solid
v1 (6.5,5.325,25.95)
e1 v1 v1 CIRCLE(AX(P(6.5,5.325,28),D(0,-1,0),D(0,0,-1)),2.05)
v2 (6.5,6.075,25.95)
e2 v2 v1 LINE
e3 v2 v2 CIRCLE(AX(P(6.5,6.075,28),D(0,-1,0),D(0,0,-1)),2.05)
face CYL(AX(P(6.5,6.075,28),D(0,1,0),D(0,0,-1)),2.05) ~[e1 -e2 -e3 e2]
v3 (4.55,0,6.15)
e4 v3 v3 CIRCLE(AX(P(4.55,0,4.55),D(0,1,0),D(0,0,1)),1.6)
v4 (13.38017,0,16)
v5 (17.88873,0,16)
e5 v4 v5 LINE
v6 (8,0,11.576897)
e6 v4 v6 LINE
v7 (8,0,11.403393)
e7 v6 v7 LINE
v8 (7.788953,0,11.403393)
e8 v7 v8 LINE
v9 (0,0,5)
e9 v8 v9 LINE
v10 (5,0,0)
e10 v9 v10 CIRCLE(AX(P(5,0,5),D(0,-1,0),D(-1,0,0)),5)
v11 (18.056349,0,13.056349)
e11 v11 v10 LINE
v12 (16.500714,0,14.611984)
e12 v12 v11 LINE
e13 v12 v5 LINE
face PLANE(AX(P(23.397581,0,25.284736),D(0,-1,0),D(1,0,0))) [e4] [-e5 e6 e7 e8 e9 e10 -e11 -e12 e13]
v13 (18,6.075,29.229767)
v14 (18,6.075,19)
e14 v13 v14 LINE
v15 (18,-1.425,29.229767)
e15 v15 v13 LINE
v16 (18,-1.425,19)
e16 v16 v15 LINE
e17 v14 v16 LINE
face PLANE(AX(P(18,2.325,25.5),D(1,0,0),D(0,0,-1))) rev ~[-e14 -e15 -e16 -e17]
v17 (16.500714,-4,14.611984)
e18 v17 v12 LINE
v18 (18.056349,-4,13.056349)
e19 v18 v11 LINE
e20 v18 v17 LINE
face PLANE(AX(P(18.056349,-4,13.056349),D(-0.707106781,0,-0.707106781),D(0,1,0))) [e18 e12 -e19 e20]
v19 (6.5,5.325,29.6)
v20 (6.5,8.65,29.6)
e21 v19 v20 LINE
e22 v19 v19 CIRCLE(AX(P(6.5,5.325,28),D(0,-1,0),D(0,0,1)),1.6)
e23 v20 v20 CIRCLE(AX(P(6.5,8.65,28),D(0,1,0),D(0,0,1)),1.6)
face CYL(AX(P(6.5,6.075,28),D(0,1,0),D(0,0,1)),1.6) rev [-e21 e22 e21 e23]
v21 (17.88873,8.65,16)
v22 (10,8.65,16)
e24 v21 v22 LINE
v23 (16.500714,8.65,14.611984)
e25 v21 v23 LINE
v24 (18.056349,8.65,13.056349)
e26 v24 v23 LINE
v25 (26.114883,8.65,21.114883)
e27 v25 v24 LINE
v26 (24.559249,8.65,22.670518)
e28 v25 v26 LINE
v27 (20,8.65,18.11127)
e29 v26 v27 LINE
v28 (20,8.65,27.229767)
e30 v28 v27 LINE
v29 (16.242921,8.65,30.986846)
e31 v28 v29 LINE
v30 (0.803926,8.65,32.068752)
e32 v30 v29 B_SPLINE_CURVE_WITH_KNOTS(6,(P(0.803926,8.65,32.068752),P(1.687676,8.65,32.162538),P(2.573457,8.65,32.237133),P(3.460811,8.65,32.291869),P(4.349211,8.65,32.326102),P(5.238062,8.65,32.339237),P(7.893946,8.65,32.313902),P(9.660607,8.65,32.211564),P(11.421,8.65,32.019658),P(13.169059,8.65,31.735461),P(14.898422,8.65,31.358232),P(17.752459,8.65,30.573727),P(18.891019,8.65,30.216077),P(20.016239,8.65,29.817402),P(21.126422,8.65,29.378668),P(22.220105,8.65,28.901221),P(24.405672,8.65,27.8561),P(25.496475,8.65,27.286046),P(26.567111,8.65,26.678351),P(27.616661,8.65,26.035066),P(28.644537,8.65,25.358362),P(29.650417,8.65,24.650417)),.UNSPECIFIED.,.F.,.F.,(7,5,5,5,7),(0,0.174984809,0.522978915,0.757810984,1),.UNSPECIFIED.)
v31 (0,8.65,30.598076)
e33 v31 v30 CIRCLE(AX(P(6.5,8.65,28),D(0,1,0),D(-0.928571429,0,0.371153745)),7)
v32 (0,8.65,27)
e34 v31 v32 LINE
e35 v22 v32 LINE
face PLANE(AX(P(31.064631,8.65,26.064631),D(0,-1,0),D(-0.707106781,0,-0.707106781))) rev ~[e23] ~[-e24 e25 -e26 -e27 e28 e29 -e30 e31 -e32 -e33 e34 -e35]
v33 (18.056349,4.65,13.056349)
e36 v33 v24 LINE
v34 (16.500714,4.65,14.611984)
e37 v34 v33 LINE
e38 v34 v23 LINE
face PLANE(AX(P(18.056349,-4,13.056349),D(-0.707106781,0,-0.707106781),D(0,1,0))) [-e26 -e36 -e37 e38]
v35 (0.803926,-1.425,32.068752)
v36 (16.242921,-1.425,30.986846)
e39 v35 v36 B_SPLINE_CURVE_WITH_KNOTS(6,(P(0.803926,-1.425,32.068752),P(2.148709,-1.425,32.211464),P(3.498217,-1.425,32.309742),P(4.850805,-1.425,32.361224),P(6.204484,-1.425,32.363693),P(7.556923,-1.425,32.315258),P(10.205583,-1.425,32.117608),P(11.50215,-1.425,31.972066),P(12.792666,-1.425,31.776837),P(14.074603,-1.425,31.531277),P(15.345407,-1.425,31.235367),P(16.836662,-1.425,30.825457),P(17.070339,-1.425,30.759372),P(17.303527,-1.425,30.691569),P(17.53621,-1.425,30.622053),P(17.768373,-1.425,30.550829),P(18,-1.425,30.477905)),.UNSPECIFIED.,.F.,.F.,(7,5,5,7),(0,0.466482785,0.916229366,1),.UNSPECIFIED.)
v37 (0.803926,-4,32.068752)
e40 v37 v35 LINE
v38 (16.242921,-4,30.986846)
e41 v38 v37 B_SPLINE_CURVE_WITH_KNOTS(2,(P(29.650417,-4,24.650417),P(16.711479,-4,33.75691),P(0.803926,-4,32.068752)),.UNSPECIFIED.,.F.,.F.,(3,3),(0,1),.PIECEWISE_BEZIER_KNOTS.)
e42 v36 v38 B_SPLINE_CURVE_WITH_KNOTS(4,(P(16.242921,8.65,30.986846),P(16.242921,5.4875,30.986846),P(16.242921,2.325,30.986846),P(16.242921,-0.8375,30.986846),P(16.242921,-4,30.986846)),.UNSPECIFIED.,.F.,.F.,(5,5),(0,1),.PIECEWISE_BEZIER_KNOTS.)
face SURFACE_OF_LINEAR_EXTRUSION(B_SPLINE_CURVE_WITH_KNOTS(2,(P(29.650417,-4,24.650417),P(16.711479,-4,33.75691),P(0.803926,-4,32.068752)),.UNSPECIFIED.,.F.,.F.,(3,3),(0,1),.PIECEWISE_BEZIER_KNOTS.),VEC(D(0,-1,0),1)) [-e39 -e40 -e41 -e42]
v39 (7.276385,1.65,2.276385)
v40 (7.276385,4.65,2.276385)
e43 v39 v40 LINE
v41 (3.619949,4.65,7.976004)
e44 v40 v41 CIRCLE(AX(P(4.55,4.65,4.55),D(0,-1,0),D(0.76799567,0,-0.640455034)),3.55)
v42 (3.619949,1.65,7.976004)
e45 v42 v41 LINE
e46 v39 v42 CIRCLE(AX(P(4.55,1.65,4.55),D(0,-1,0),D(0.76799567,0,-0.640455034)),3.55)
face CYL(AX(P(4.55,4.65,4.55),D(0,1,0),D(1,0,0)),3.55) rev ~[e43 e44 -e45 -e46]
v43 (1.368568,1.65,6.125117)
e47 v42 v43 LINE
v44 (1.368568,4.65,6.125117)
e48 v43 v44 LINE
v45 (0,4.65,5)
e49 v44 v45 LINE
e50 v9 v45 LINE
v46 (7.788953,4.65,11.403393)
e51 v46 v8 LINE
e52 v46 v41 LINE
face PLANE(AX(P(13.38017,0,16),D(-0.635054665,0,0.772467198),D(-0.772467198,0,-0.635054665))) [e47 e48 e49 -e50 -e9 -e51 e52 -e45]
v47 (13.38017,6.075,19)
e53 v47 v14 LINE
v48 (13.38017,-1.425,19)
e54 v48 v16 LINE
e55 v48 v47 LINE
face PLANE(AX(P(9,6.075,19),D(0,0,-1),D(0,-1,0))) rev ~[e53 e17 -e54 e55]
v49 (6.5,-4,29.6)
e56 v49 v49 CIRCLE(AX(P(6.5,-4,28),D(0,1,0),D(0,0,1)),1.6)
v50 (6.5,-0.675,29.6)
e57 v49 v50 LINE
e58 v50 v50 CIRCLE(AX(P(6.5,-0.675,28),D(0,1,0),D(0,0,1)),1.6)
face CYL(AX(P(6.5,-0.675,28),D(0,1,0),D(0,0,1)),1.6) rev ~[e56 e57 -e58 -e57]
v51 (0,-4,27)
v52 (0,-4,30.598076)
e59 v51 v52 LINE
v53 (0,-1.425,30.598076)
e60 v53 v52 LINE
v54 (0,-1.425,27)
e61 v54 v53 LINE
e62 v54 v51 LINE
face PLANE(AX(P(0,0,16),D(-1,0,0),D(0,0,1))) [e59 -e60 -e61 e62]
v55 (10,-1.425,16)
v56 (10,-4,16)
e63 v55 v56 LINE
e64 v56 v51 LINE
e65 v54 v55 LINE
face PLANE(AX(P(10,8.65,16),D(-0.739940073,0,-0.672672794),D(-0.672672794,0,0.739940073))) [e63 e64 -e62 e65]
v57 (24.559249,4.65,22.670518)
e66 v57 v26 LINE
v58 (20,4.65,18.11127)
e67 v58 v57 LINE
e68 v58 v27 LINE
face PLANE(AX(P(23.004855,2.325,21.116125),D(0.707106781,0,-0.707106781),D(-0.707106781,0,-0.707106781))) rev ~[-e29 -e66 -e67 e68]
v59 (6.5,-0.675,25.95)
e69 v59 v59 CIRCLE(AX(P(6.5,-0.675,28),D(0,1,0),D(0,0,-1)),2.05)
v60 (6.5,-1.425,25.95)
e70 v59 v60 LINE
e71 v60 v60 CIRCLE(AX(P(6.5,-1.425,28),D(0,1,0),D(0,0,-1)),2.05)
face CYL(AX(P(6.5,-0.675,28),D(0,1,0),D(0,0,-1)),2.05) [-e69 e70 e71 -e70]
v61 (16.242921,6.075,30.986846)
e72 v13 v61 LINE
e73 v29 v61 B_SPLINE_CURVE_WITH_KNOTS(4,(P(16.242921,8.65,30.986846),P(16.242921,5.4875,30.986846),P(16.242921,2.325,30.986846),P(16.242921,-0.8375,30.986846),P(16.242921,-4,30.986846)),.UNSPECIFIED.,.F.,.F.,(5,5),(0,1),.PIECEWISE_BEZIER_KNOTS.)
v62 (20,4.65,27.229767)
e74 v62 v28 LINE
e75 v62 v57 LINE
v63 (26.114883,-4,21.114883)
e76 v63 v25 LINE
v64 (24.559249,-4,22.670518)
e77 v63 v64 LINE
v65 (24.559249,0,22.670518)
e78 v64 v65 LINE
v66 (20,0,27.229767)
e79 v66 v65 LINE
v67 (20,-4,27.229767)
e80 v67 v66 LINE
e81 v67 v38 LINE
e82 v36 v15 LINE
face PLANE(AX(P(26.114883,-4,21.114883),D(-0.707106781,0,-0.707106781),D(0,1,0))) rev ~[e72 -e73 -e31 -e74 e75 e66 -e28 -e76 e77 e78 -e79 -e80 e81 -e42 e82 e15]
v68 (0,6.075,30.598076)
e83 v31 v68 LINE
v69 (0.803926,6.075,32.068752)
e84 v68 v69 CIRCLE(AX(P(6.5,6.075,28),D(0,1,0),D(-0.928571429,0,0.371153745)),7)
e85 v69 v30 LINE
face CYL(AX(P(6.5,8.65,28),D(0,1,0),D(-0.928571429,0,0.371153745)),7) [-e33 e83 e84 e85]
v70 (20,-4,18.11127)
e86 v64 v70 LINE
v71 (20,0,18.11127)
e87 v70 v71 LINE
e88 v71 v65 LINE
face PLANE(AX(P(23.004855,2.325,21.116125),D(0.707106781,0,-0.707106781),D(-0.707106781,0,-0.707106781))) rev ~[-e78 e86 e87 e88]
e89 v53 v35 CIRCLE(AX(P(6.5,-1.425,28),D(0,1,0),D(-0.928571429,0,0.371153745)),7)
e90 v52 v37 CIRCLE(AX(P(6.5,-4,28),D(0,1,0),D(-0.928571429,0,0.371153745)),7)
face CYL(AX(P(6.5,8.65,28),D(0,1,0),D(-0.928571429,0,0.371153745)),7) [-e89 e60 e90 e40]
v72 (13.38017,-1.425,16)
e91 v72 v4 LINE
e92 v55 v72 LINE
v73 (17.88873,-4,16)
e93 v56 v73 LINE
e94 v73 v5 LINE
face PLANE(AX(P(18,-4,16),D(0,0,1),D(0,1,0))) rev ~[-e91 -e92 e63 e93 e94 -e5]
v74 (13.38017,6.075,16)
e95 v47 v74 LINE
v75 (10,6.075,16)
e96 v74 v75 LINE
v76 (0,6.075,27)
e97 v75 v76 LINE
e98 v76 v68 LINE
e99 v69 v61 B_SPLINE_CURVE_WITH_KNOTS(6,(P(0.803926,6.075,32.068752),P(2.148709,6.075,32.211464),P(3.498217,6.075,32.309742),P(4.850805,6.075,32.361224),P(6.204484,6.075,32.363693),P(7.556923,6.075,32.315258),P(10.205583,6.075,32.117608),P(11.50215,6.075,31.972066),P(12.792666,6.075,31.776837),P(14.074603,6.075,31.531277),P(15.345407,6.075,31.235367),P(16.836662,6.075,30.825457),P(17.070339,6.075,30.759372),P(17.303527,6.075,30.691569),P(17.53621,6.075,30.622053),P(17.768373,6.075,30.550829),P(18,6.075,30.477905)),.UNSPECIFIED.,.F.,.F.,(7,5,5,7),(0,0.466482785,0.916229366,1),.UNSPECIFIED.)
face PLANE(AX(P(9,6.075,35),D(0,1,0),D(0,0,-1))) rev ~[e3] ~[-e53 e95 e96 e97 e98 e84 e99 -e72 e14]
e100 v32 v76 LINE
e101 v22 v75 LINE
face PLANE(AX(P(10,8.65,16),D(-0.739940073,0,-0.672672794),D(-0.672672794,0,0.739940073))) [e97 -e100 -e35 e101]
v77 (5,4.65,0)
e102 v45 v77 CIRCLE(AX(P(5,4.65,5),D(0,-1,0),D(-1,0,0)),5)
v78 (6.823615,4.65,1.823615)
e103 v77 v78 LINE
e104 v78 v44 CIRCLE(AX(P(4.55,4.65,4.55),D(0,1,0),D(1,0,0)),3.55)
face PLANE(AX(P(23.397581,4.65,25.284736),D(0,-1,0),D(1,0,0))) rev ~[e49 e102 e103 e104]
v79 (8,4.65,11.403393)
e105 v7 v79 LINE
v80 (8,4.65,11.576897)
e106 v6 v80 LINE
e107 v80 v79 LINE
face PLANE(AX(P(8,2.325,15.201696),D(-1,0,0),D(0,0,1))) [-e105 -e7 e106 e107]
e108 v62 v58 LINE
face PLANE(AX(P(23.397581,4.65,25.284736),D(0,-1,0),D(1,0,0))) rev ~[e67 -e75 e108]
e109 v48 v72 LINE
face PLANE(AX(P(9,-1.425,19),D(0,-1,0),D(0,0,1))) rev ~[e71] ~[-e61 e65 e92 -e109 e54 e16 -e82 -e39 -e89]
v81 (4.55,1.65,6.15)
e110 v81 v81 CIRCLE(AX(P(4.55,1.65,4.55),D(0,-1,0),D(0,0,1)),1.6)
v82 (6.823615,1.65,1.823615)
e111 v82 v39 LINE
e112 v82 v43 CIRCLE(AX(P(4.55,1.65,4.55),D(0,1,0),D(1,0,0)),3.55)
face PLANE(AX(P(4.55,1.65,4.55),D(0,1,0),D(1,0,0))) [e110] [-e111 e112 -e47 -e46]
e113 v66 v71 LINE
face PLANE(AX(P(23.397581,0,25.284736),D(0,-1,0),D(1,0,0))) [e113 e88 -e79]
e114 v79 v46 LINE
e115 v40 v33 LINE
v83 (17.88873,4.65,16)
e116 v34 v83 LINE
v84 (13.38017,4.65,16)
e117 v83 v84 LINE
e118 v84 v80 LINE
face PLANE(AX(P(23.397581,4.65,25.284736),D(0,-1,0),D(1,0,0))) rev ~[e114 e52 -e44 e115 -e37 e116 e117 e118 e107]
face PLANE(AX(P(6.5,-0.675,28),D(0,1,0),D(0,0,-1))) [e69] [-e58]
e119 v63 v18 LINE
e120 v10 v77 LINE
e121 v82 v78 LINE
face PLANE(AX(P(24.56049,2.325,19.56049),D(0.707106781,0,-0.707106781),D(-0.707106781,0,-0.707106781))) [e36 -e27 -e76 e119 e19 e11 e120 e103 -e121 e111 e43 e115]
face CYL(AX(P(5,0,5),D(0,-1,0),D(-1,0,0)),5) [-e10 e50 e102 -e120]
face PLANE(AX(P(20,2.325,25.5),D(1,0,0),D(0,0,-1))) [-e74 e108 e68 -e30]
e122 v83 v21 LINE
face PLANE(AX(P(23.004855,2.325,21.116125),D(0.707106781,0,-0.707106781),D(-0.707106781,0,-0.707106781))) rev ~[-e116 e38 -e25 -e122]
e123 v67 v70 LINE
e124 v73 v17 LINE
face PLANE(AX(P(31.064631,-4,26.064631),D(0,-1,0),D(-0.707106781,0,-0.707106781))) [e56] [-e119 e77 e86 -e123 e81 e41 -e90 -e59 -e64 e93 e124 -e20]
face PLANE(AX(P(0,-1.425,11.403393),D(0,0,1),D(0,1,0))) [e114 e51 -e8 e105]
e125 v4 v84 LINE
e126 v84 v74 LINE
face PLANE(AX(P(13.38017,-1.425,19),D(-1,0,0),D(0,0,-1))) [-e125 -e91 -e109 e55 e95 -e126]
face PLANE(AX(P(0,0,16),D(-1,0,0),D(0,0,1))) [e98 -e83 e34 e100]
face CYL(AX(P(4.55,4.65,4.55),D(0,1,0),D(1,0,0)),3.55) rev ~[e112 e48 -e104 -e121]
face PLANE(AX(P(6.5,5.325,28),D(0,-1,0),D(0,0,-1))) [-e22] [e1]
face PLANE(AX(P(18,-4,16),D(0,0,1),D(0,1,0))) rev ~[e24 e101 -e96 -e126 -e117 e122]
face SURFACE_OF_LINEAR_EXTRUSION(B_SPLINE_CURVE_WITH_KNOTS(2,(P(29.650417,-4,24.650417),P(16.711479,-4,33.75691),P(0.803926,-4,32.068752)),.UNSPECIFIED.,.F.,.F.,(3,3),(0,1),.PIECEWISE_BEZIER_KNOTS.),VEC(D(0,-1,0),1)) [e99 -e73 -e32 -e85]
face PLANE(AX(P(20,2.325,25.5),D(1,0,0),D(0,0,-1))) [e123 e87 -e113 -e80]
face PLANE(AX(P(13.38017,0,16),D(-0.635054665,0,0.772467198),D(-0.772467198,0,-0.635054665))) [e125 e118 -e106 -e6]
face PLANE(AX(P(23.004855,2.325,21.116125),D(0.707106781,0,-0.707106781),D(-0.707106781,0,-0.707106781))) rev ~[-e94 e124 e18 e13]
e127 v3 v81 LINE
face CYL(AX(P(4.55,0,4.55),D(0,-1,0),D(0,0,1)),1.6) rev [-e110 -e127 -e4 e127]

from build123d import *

# Parameters (mm, degrees)
SKETCH_1_R           = 1.6
EXTRUDE_1_DEPTH      = 4.65
SKETCH_7_W           = 9
SKETCH_7_H           = 19
EXTRUDE_4_DEPTH      = 4
SKETCH_8_W           = 9
SKETCH_8_H           = 19
EXTRUDE_5_DEPTH      = 4
SKETCH_9_W           = 16
SKETCH_9_H           = 7.5
CUT_EXTRUDE_3_DEPTH  = 9
SKETCH_11_R          = 1.6
CUT_EXTRUDE_5_DEPTH  = 26.4
EXTRUDE_6_DEPTH      = 9
SKETCH_13_W          = 19
SKETCH_13_H          = 12.65
EXTRUDE_7_DEPTH      = 2
SKETCH_15_W          = 7.596607022
SKETCH_15_H          = 7.5
CUT_EXTRUDE_6_DEPTH  = 8
CUT_EXTRUDE_7_DEPTH  = 8
EXTRUDE_8_DEPTH      = 4.65
CUT_EXTRUDE_9_DEPTH  = 4.65
SKETCH_20_W          = 5.380169682
SKETCH_20_H          = 3
CUT_EXTRUDE_10_DEPTH = 7.5
CUT_EXTRUDE_11_DEPTH = 4.65
CUT_EXTRUDE_13_DEPTH = 13
CUT_EXTRUDE_15_DEPTH = 13
SKETCH_26_W          = 18.396488504
SKETCH_26_H          = 12.65
EXTRUDE_9_DEPTH      = 2.2
SKETCH_28_W          = 2.5
SKETCH_28_H          = 12.65
CUT_EXTRUDE_17_DEPTH = 18
CUT_EXTRUDE_18_DEPTH = 14
SKETCH_31_W          = 5
SKETCH_31_H          = 12.65
CUT_EXTRUDE_19_DEPTH = 20
SKETCH_32_R          = 3.55
CUT_EXTRUDE_20_DEPTH = 3
EXTRUDE_START        = 0.75
SKETCH_33_R          = 2.05
SKETCH_33_R_2        = 1.6
EXTRUDE_10_DEPTH     = 0.75
SKETCH_34_R          = 2.05
SKETCH_34_R_2        = 1.6
EXTRUDE_11_DEPTH     = 0.75


with BuildPart() as part:
    # 草图1 → 凸台-拉伸1 (new body)
    with BuildSketch(Plane(origin=(0, 0, 0), x_dir=(1, 0, 0), z_dir=(0, 1, 0))):
        with BuildLine():
            Line((5, 0), (20, 0))
            Line((20, 0), (20, -16))
            Line((20, -16), (9, -16))
            Line((9, -16), (9, -35))
            Line((9, -35), (0, -35))
            Line((0, -35), (0, -27))
            Line((0, -27), (0, -5))
            ThreePointArc((0, -5), (1.464466094, -1.464466094), (5, 0))
        make_face()
        with Locations(Location((4.55, -4.55, 0), (0, 0, 270))):
            Circle(SKETCH_1_R, mode=Mode.SUBTRACT)
    extrude(amount=EXTRUDE_1_DEPTH)

    # 草图7 → 凸台-拉伸4 (add)
    with BuildSketch(Plane(origin=(0, 4.65, 0), x_dir=(1, 0, 0), z_dir=(0, 1, 0))):
        with Locations((4.5, -25.5)):
            Rectangle(SKETCH_7_W, SKETCH_7_H)
    extrude(amount=EXTRUDE_4_DEPTH)

    # 草图8 → 凸台-拉伸5 (add)
    with BuildSketch(Plane.XZ):
        with Locations((4.5, 25.5)):
            Rectangle(SKETCH_8_W, SKETCH_8_H)
    extrude(amount=EXTRUDE_5_DEPTH)

    # 草图9 → 切除-拉伸3 (cut)
    with BuildSketch(Plane.ZY):
        with Locations((27, 2.325)):
            Rectangle(SKETCH_9_W, SKETCH_9_H)
    extrude(amount=-CUT_EXTRUDE_3_DEPTH, mode=Mode.SUBTRACT)

    # 草图11 → 切除-拉伸5 (cut)
    with BuildSketch(Plane(origin=(0, 8.65, 0), x_dir=(1, 0, 0), z_dir=(0, 1, 0))):
        with Locations(Location((6.5, -28, 0), (0, 0, 270))):
            Circle(SKETCH_11_R)
    extrude(amount=-CUT_EXTRUDE_5_DEPTH, mode=Mode.SUBTRACT)

    # 草图12 → 凸台-拉伸6 (add)
    with BuildSketch(Plane(origin=(9, 0, 0), x_dir=(0, 0, -1), z_dir=(1, 0, 0))):
        Polygon((-35, 8.65), (-35, 6.075), (-19, 6.075), (-19, -1.425), (-35, -1.425), (-35, -4), (-16, -4), (-16, 8.65), align=None)
    extrude(amount=EXTRUDE_6_DEPTH)

    # 草图13 → 凸台-拉伸7 (add)
    with BuildSketch(Plane(origin=(18, 0, 0), x_dir=(0, 0, -1), z_dir=(1, 0, 0))):
        with Locations((-25.5, 2.325)):
            Rectangle(SKETCH_13_W, SKETCH_13_H)
    extrude(amount=EXTRUDE_7_DEPTH)

    # 草图15 → 切除-拉伸6 (cut)
    with BuildSketch(Plane.ZY):
        with Locations((15.201696489, 2.325)):
            Rectangle(SKETCH_15_W, SKETCH_15_H)
    extrude(amount=-CUT_EXTRUDE_6_DEPTH, mode=Mode.SUBTRACT)

    # 草图16 → 切除-拉伸7 (cut)
    with BuildSketch(Plane(origin=(0, 4.65, 0), x_dir=(1, 0, 0), z_dir=(0, 1, 0))):
        Polygon((0, -5), (5.890898071, -11.403392978), (0, -11.403392978), align=None)
    extrude(amount=-CUT_EXTRUDE_7_DEPTH, mode=Mode.SUBTRACT)

    # 草图17 → 凸台-拉伸8 (add)
    with BuildSketch(Plane.XZ):
        with BuildLine():
            Line((20, 35), (20, 15))
            Line((20, 15), (31.064630957, 26.064630957))
            ThreePointArc((31.064630957, 26.064630957), (26.002686727, 31.114774273), (20, 35))
        make_face()
    extrude(amount=-EXTRUDE_8_DEPTH)

    # 草图19 → 切除-拉伸9 (cut)
    with BuildSketch(Plane(origin=(0, 4.65, 0), x_dir=(1, 0, 0), z_dir=(0, 1, 0))):
        Polygon((20, -15), (5, 0), (20, 0), align=None)
    extrude(amount=-CUT_EXTRUDE_9_DEPTH, mode=Mode.SUBTRACT)

    # 草图20 → 切除-拉伸10 (cut)
    with BuildSketch(Plane(origin=(0, -1.425, 0), x_dir=(1, 0, 0), z_dir=(0, 1, 0))):
        with Locations((10.690084841, -17.5)):
            Rectangle(SKETCH_20_W, SKETCH_20_H)
    extrude(amount=CUT_EXTRUDE_10_DEPTH, mode=Mode.SUBTRACT)

    # 草图21 → 切除-拉伸11 (cut)
    with BuildSketch(Plane.XZ):
        Polygon((13.380169682, 16), (0, 5), (8, 16), align=None)
    extrude(amount=-CUT_EXTRUDE_11_DEPTH, mode=Mode.SUBTRACT)

    # 草图22 → 切除-拉伸13 (cut)
    with BuildSketch(Plane(origin=(0, 8.65, 0), x_dir=(1, 0, 0), z_dir=(0, 1, 0))):
        Polygon((0, -16), (10, -16), (0, -27), align=None)
    extrude(amount=-CUT_EXTRUDE_13_DEPTH, mode=Mode.SUBTRACT)

    # 草图23 → 切除-拉伸15 (cut)
    with BuildSketch(Plane(origin=(0, 8.65, 0), x_dir=(1, 0, 0), z_dir=(0, 1, 0))):
        with BuildLine():
            Line((6.5, -35), (0, -35))
            Line((0, -35), (0, -30.598076211))
            ThreePointArc((0, -30.598076211), (2.574858823, -33.79596987), (6.5, -35))
        make_face()
    extrude(amount=-CUT_EXTRUDE_15_DEPTH, mode=Mode.SUBTRACT)

    # 草图26 → 凸台-拉伸9 (add)
    with BuildSketch(Plane(origin=(2.5, 0, -2.5), x_dir=(-0.7071067811865509, 0, -0.7071067811865442), z_dir=(0.7071067811865442, 0, -0.7071067811865509))):
        with Locations((-31.198244252, 2.325)):
            Rectangle(SKETCH_26_W, SKETCH_26_H)
    extrude(amount=-EXTRUDE_9_DEPTH)

    # 草图28 → 切除-拉伸17 (cut)
    with BuildSketch(Plane(origin=(2.5, 0, -2.5), x_dir=(-0.7071067811865509, 0, -0.7071067811865442), z_dir=(0.7071067811865442, 0, -0.7071067811865509))):
        with Locations((-39.646488504, 2.325)):
            Rectangle(SKETCH_28_W, SKETCH_28_H)
    extrude(amount=-CUT_EXTRUDE_17_DEPTH, mode=Mode.SUBTRACT)

    # 草图29 → 切除-拉伸18 (cut)
    with BuildSketch(Plane.XZ.offset(4)):
        with BuildLine():
            Line((29.650417395, 24.650417395), (19.300834789, 35))
            Line((19.300834789, 35), (1.773611639, 35))
            Line((1.773611639, 35), (0.803925841, 32.06875155))
            add(Edge.make_bspline(
                [(29.650417395, 24.650417395), (16.711479186, 33.756910479), (0.803925841, 32.06875155)],
                knots=[0, 0, 0, 1, 1, 1], degree=2))
        make_face()
    extrude(amount=-CUT_EXTRUDE_18_DEPTH, mode=Mode.SUBTRACT)

    # 草图31 → 切除-拉伸19 (cut)
    with BuildSketch(Plane(origin=(2.5, 0, -2.5), x_dir=(-0.7071067811865509, 0, -0.7071067811865442), z_dir=(0.7071067811865442, 0, -0.7071067811865509))):
        with Locations((-35.896488504, 2.325)):
            Rectangle(SKETCH_31_W, SKETCH_31_H)
    extrude(amount=-CUT_EXTRUDE_19_DEPTH, mode=Mode.SUBTRACT)

    # 草图32 → 切除-拉伸20 (cut)
    with BuildSketch(Plane(origin=(0, 4.65, 0), x_dir=(1, 0, 0), z_dir=(0, 1, 0))):
        with Locations((4.55, -4.55)):
            Circle(SKETCH_32_R)
    extrude(amount=-CUT_EXTRUDE_20_DEPTH, mode=Mode.SUBTRACT)

    # 草图33 → 凸台-拉伸10 (add)
    with BuildSketch(Plane(origin=(0, -1.425, 0), x_dir=(1, 0, 0), z_dir=(0, 1, 0)).offset(EXTRUDE_START)):
        with Locations(Location((6.5, -28, 0), (0, 0, 90))):
            Circle(SKETCH_33_R)
        with Locations(Location((6.5, -28, 0), (0, 0, 270))):
            Circle(SKETCH_33_R_2, mode=Mode.SUBTRACT)
    extrude(amount=-EXTRUDE_10_DEPTH)

    # 草图34 → 凸台-拉伸11 (add)
    with BuildSketch(Plane.XZ.offset(-6.075)):
        with Locations(Location((6.5, 28, 0), (0, 0, 270))):
            Circle(SKETCH_34_R)
        with Locations(Location((6.5, 28, 0), (0, 0, 90))):
            Circle(SKETCH_34_R_2, mode=Mode.SUBTRACT)
    extrude(amount=EXTRUDE_11_DEPTH)


solid = part.part
